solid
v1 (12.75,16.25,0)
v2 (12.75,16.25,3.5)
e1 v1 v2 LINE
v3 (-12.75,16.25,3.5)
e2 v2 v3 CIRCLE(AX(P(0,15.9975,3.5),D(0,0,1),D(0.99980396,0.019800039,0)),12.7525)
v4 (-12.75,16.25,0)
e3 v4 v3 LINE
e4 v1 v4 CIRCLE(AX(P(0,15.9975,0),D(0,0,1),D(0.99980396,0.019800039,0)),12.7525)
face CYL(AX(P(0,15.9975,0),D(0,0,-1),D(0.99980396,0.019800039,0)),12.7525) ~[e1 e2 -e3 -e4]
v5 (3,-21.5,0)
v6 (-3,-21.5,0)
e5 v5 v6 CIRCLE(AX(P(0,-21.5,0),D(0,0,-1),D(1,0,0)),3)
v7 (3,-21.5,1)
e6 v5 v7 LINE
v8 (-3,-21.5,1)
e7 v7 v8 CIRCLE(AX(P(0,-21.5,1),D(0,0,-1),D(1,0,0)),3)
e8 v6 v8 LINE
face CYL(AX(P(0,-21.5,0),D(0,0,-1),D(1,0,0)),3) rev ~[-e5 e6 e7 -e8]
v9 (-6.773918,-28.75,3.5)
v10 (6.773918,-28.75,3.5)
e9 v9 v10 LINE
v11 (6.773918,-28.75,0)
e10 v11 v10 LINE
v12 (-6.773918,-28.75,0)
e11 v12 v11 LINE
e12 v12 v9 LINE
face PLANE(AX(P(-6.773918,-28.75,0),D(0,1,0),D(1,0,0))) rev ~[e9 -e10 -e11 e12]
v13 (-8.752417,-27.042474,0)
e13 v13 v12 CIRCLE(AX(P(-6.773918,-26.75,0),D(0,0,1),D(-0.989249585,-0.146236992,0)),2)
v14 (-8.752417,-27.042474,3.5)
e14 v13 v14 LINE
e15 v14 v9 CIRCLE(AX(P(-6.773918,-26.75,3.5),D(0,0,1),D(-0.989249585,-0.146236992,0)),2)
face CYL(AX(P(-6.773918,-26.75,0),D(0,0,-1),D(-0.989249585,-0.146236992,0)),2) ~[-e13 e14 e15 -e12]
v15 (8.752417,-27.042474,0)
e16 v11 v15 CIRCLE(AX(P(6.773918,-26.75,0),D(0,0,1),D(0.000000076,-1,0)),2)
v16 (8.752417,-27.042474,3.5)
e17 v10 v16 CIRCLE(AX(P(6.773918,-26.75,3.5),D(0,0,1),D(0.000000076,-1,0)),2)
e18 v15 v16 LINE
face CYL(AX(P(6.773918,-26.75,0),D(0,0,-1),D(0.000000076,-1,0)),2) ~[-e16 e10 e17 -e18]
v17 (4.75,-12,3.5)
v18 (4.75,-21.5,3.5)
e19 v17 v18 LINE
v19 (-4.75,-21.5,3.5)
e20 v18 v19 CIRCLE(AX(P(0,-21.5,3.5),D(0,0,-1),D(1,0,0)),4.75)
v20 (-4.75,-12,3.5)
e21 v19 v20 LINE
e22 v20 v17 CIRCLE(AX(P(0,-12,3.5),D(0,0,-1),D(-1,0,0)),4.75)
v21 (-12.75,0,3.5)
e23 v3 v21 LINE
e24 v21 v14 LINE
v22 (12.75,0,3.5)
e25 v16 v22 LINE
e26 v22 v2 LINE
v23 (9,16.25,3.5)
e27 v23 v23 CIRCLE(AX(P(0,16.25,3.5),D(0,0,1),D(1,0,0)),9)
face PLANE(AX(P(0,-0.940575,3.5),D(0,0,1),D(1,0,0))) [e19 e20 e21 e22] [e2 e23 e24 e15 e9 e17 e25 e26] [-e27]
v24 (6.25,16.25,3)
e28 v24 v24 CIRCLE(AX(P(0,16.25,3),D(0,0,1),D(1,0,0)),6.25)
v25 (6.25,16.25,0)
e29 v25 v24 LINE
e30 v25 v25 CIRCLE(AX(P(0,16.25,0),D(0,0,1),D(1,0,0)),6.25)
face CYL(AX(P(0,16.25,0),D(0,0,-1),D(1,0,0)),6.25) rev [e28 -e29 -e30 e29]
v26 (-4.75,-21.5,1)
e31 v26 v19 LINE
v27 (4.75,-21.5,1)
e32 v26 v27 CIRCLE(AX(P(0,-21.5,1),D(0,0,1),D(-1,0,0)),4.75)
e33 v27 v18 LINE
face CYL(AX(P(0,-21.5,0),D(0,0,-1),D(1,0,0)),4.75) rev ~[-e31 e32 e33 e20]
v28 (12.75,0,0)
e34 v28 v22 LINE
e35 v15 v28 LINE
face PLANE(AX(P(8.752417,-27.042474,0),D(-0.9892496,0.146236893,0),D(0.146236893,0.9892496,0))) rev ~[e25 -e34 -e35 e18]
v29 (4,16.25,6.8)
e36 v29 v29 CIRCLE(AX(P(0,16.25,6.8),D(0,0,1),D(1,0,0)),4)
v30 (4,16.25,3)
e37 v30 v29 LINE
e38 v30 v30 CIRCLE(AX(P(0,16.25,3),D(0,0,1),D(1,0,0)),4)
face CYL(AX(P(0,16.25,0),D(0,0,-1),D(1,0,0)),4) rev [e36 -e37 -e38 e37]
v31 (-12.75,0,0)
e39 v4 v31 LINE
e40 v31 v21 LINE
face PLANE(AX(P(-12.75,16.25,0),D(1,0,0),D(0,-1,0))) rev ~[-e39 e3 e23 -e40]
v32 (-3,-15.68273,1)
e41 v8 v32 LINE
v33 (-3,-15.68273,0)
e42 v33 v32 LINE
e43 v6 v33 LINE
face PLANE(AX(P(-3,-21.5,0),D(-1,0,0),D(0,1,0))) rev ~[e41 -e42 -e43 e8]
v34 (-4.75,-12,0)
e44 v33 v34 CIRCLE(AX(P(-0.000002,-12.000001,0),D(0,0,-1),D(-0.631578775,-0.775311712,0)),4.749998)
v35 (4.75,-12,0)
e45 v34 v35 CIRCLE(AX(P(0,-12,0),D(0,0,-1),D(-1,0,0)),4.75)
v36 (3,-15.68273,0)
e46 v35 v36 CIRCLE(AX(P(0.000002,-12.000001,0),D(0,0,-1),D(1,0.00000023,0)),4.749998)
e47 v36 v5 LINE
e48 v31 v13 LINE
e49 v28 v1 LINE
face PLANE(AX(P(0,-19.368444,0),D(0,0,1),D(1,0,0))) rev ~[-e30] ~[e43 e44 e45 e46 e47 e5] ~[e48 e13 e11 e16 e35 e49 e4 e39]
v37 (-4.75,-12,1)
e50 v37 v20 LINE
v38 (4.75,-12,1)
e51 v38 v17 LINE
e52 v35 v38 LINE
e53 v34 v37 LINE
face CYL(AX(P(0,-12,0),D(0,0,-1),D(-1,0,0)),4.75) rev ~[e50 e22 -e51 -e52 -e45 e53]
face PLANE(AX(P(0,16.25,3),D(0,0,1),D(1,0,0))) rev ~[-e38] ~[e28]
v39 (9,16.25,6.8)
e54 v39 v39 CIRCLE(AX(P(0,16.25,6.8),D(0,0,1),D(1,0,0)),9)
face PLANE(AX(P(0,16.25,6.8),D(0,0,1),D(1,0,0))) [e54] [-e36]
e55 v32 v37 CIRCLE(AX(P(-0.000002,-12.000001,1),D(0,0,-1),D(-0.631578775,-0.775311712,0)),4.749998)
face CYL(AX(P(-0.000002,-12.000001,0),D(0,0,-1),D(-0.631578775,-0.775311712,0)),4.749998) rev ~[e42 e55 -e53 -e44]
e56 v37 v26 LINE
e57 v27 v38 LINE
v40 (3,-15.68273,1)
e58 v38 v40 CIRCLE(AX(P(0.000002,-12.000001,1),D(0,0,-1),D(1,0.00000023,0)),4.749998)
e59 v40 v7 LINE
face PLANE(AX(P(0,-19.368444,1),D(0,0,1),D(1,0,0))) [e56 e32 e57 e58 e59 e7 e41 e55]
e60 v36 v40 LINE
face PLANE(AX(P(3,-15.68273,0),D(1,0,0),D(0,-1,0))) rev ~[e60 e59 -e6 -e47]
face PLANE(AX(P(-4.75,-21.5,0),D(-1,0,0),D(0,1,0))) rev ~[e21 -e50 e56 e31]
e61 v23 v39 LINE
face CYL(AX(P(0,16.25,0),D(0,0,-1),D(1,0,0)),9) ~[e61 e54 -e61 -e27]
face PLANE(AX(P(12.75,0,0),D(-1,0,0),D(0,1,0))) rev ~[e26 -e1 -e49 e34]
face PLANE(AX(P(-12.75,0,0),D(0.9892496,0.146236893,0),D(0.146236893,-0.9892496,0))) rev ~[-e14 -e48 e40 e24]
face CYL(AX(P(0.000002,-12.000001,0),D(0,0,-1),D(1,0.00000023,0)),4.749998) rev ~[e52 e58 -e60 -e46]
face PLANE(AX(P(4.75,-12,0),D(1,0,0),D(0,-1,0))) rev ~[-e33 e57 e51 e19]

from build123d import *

# Parameters (mm, degrees)
F0_R     = 9
F1_DEPTH = 3.5
F2_DEPTH = 1
F0_R_2   = 6.25
F0_R_3   = 4
F3_DEPTH = 6.8
F4_DEPTH = 3


with BuildPart() as f1:
    # F0 (on Top) → F1 (new body)
    with BuildSketch(Plane.XY):
        with BuildLine():
            ThreePointArc((-8.752417, -27.042474), (-8.080641, -28.264092), (-6.773918, -28.75))
            Line((-6.773918, -28.75), (6.773918, -28.75))
            ThreePointArc((6.773918, -28.75), (8.080641, -28.264092), (8.752417, -27.042474))
            Line((8.752417, -27.042474), (12.75, 0))
            Line((12.75, 0), (12.75, 16.25))
            ThreePointArc((12.75, 16.25), (0, 28.75), (-12.75, 16.25))
            Line((-12.75, 16.25), (-12.75, 0))
            Line((-12.75, 0), (-8.752417, -27.042474))
        make_face()
        with BuildLine():
            Line((-4.75, -21.5), (-4.75, -12))
            ThreePointArc((-4.75, -12), (0, -7.25), (4.75, -12))
            Line((4.75, -12), (4.75, -21.5))
            ThreePointArc((4.75, -21.5), (0, -26.25), (-4.75, -21.5))
        make_face(mode=Mode.SUBTRACT)
        with Locations((0, 16.25)):
            Circle(F0_R, mode=Mode.SUBTRACT)
    extrude(amount=F1_DEPTH)

    # F0 (on Top) → F2 (join)
    with BuildSketch(Plane.XY):
        with BuildLine():
            ThreePointArc((-3, -15.68273), (-4.290251, -14.038688), (-4.75, -12))
            Line((-4.75, -12), (-4.75, -21.5))
            ThreePointArc((-4.75, -21.5), (0, -26.25), (4.75, -21.5))
            Line((4.75, -21.5), (4.75, -12))
            ThreePointArc((4.75, -12), (4.290251, -14.038688), (3, -15.68273))
            Line((3, -15.68273), (3, -21.5))
            ThreePointArc((3, -21.5), (0, -24.5), (-3, -21.5))
            Line((-3, -21.5), (-3, -15.68273))
        make_face()
    extrude(amount=F2_DEPTH)

    # F0 (on Top) → F3 (join)
    with BuildSketch(Plane.XY):
        with Locations((0, 16.25)):
            Circle(F0_R)
        with Locations((0, 16.25)):
            Circle(F0_R_2, mode=Mode.SUBTRACT)
        with Locations((0, 16.25)):
            Circle(F0_R_2)
        with Locations((0, 16.25)):
            Circle(F0_R_3, mode=Mode.SUBTRACT)
    extrude(amount=F3_DEPTH)

    # F0 (on Top) → F4 (cut)
    with BuildSketch(Plane.XY):
        with Locations((0, 16.25)):
            Circle(F0_R_2)
        with Locations((0, 16.25)):
            Circle(F0_R_3, mode=Mode.SUBTRACT)
    extrude(amount=F4_DEPTH, mode=Mode.SUBTRACT)


solid = f1.part
